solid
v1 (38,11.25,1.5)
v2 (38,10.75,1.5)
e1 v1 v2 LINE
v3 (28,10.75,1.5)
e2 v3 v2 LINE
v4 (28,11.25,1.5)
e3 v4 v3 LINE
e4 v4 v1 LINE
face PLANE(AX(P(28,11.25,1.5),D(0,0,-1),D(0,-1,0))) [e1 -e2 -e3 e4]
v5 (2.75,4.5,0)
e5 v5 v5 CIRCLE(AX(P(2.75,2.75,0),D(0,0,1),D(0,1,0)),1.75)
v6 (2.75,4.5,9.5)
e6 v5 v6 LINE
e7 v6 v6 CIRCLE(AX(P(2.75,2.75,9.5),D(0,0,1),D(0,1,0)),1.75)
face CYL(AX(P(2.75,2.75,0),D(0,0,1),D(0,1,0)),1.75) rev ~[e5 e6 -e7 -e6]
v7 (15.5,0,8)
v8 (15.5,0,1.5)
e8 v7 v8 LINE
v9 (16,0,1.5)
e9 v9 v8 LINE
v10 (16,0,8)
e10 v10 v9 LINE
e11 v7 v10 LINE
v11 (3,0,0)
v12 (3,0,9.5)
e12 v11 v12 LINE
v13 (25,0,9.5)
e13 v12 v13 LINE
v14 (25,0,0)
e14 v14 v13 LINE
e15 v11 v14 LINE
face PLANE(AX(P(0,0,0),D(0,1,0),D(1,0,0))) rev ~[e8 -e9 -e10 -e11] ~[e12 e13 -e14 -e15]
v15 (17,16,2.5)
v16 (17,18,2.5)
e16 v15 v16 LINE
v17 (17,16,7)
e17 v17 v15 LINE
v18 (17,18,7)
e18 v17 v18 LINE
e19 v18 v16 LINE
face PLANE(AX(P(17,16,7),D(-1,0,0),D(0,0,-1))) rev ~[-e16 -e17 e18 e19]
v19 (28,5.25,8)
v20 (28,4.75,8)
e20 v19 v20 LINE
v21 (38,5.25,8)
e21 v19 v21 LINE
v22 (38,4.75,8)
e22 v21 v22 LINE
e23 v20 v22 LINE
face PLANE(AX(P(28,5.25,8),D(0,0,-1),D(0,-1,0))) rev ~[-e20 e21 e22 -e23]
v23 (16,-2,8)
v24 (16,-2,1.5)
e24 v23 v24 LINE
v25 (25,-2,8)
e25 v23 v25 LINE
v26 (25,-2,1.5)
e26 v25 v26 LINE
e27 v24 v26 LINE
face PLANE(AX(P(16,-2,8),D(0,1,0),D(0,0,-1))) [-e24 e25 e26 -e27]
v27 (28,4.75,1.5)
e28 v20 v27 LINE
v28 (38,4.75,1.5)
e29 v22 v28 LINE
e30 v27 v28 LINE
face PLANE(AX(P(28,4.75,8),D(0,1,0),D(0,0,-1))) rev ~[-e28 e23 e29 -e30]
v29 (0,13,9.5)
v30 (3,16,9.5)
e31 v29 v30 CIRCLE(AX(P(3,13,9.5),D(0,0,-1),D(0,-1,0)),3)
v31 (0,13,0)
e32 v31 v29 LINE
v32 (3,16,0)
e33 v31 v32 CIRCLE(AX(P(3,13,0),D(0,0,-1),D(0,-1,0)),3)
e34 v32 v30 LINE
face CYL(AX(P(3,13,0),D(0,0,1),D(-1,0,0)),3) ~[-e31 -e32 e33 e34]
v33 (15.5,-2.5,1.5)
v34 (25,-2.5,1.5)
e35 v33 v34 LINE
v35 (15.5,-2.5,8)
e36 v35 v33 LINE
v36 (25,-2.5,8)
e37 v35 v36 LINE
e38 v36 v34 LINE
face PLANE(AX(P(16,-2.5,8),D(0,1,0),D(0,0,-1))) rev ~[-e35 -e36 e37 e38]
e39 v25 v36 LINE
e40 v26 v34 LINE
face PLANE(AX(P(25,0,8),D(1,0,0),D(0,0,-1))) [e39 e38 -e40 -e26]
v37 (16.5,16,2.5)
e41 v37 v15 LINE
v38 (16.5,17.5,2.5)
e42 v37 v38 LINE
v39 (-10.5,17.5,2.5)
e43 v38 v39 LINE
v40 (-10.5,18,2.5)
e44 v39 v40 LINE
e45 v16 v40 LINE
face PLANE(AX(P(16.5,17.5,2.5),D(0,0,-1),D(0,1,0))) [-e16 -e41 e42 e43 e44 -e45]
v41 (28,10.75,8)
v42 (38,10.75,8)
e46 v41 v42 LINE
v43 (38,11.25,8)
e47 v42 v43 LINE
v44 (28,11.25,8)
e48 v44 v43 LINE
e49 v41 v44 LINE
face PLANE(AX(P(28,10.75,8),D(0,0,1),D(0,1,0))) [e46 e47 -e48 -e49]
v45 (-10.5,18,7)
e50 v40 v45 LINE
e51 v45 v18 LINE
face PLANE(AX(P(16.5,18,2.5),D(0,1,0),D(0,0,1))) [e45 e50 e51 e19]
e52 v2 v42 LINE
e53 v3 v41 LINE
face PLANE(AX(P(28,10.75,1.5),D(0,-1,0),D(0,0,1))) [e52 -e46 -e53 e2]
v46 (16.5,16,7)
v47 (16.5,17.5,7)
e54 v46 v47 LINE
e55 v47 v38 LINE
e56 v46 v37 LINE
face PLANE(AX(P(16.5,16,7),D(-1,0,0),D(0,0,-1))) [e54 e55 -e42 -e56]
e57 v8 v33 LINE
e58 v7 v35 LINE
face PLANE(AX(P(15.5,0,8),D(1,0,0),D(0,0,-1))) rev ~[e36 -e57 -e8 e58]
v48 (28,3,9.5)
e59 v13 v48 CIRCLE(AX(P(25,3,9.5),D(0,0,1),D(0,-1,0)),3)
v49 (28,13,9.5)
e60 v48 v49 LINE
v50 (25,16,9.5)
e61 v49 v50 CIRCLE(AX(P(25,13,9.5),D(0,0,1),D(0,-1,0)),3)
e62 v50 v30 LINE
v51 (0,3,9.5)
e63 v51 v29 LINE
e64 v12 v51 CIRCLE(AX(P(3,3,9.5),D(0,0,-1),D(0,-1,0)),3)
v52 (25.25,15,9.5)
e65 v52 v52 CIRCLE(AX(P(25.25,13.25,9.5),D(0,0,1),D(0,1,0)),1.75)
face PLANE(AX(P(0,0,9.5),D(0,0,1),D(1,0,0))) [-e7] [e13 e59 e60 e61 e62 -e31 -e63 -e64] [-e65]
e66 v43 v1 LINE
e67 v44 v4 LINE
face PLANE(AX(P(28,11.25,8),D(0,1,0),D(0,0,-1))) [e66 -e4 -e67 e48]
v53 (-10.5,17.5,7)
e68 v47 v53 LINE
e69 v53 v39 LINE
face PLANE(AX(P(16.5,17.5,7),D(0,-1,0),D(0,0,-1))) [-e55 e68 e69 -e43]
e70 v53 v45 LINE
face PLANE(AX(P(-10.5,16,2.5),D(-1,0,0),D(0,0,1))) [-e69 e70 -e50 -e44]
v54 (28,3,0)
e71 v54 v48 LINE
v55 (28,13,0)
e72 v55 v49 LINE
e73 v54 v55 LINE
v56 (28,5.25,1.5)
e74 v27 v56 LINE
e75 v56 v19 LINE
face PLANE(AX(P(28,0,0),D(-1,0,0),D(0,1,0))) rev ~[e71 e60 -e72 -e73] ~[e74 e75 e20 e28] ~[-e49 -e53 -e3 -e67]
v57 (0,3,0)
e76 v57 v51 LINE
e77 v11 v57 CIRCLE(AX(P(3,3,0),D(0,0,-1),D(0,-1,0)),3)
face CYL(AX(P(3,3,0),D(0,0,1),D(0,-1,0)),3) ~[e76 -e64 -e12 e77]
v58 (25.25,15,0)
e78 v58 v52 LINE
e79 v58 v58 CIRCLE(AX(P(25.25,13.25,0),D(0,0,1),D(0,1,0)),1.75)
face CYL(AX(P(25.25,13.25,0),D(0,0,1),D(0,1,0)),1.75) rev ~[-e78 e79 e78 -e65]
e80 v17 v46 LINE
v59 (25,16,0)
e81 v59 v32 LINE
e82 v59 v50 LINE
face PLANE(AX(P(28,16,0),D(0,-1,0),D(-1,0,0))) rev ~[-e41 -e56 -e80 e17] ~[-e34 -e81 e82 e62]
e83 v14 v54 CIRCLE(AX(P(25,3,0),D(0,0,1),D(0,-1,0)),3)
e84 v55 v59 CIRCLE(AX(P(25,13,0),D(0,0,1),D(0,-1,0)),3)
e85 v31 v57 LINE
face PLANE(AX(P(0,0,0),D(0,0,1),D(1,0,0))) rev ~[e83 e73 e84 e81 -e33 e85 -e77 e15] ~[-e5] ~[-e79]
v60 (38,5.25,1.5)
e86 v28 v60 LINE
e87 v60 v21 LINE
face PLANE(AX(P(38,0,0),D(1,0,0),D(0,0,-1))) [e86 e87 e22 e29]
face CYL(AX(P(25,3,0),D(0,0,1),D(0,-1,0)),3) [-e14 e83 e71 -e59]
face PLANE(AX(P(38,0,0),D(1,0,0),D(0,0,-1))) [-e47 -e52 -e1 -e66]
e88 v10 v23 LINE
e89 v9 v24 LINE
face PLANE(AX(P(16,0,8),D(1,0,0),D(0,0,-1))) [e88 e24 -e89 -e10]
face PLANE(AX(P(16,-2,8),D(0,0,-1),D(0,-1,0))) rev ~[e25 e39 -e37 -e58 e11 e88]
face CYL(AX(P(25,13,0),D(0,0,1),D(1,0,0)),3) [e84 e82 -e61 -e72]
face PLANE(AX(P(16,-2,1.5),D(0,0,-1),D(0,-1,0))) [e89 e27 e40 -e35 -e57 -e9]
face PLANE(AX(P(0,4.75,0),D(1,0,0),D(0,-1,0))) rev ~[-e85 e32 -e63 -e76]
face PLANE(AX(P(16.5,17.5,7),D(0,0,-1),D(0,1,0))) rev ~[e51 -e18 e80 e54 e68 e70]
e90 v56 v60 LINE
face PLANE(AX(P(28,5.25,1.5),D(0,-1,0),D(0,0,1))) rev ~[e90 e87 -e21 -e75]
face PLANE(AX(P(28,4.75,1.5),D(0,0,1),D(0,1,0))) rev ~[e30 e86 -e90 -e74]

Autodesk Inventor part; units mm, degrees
ref_plane "YZ Plane" through (0, 0, 0) normal (1, 0, 0) x (0, 1, 0)
ref_plane "XZ Plane" through (0, 0, 0) normal (0, 1, 0) x (-1, 0, 0)
ref_plane "XY Plane" through (0, 0, 0) normal (0, 0, 1) x (1, 0, 0)
sketch "スケッチ1" plane through (0, 0, 0) normal (0, 0, 1) x (1, 0, 0)
  line L0 (0, 0) -> (28, 0)
  line L1 (28, 0) -> (28, 16)
  line L2 (28, 16) -> (0, 16)
  line L3 (0, 16) -> (0, 0)
  line L4 (0, 11.25) -> (0, 4.75)
  dimension "d0" = 28
  dimension "d1" = 16
  dimension "d2" = 6.5
  dimension "d3" = 4.75
extrude "押し出し1" add sketch "スケッチ1" along normal blind 9.5
sketch "スケッチ2" plane through (28, 0, 0) normal (1, 0, 0) x (0, 0, -1)
  line L0 (0, 16) -> (0, 0) projected
  line L1 (0, 11.25) -> (0, 4.75)
  line L2 (0, 16) -> (-9.5, 16) projected
  line L3 (-8, 16) -> (-1.5, 16)
  line L4 (-8, 11.25) -> (-1.5, 11.25)
  line L5 (-1.5, 11.25) -> (-1.5, 10.75)
  line L6 (-1.5, 10.75) -> (-8, 10.75)
  line L7 (-8, 10.75) -> (-8, 11.25)
  line L8 (-8, 4.75) -> (-1.5, 4.75)
  line L9 (-1.5, 4.75) -> (-1.5, 5.25)
  line L10 (-1.5, 5.25) -> (-8, 5.25)
  line L11 (-8, 5.25) -> (-8, 4.75)
  dimension "d6" = 6.5
  dimension "d7" = 4.75
  dimension "d8" = 6.5
  dimension "d9" = 1.5
  dimension "d10" = 0.5
  dimension "d11" = 0.5
extrude "押し出し2" add sketch "スケッチ2" along normal blind 10
sketch "スケッチ3" plane through (0, 16, 0) normal (0, 1, 0) x (1, 0, 0)
  line L0 (0, -9.5) -> (28, -9.5) projected
  line L1 (17, -9.5) -> (17, 0)
  line L2 (28, 0) -> (28, -9.5) projected
  line L3 (17, -7) -> (17, -2.5)
  line L4 (17, -7) -> (16.5, -7)
  line L5 (16.5, -7) -> (16.5, -2.5)
  line L6 (16.5, -2.5) -> (17, -2.5)
  line L7 (17, -2.5) -> (17, -7)
  point P0 (0, 0)
  dimension "d14" = 11
  dimension "d15" = 4.5
  dimension "d16" = 2.5
  dimension "d17" = 0.5
extrude "押し出し3" add sketch "スケッチ3" along normal blind 2
sketch "スケッチ4" plane through (16.5, 16, 2.5) normal (-1, 0, 0) x (0, 0, 1)
  line L0 (0, 2) -> (4.5, 2) projected
  line L1 (4.5, 0) -> (4.5, 2) projected
  line L2 (0, 2) -> (4.5, 2)
  line L3 (4.5, 2) -> (4.5, 1.5)
  line L4 (4.5, 1.5) -> (0, 1.5)
  line L5 (0, 1.5) -> (0, 2)
  point P0 (-2.5, -16)
  dimension "d20" = 0.5
extrude "押し出し4" add sketch "スケッチ4" along normal blind 27
sketch "スケッチ5" plane through (0, 0, 0) normal (0, -1, 0) x (1, 0, 0)
  line L0 (28, 9.5) -> (0, 9.5) projected
  line L1 (28, 0) -> (0, 0) projected
  line L2 (15.5, 9.5) -> (15.5, 0)
  line L3 (0, 0) -> (0, 9.5) projected
  line L4 (15.5, 8) -> (15.5, 1.5)
  line L5 (15.5, 8) -> (16, 8)
  line L6 (16, 8) -> (16, 1.5)
  line L7 (16, 1.5) -> (15.5, 1.5)
  line L8 (15.5, 1.5) -> (15.5, 8)
  dimension "d23" = 15.5
  dimension "d24" = 6.5
  dimension "d25" = 1.5
  dimension "d26" = 0.5
extrude "押し出し5" add sketch "スケッチ5" along normal blind 2.5 contours L5 L6 L7 L2
sketch "スケッチ6" plane through (16, 0, 8) normal (1, 0, 0) x (0, 0, -1)
  line L0 (0, -2.5) -> (6.5, -2.5) projected
  line L1 (0, 0) -> (0, -2.5) projected
  line L2 (6.5, -2.5) -> (0, -2.5)
  line L3 (0, -2.5) -> (0, -2)
  line L4 (0, -2) -> (6.5, -2)
  line L5 (6.5, -2) -> (6.5, -2.5)
  point P0 (8, 0)
  dimension "d29" = 0.5
extrude "押し出し6" add sketch "スケッチ6" along normal blind 9
sketch "スケッチ7" plane through (0, 0, 0) normal (0, 0, -1) x (-1, 0, 0)
  line L0 (0, 16) -> (0, 0) projected
  line L1 (-28, 16) -> (0, 16) projected
  line L2 (-28, 0) -> (-28, 16) projected
  line L3 (0, 0) -> (-28, 0) projected
  point P0 (-2.75, 2.75)
  point P1 (-25.25, 13.25)
  dimension "d32" = 2.75
  dimension "d34" = 2.75
  dimension "d35" = 13.25
  dimension "d43" = 2.75
hole "穴1" at (2.75, 2.75, 0) at (25.25, 13.25, 0) direction (0, 0, 1) diameter 3.5 end through all
fillet "フィレット1" radius 3 4 edges at (0, 0, 4.75) (0, 16, 4.75) (28, 16, 4.75) (28, 0, 4.75)
equation "\"d34\" = d32"
equation "\"d43\" = d32"
equation "\"d33\" = d32"
properties part number "switch_V_152_1A5_KM"
